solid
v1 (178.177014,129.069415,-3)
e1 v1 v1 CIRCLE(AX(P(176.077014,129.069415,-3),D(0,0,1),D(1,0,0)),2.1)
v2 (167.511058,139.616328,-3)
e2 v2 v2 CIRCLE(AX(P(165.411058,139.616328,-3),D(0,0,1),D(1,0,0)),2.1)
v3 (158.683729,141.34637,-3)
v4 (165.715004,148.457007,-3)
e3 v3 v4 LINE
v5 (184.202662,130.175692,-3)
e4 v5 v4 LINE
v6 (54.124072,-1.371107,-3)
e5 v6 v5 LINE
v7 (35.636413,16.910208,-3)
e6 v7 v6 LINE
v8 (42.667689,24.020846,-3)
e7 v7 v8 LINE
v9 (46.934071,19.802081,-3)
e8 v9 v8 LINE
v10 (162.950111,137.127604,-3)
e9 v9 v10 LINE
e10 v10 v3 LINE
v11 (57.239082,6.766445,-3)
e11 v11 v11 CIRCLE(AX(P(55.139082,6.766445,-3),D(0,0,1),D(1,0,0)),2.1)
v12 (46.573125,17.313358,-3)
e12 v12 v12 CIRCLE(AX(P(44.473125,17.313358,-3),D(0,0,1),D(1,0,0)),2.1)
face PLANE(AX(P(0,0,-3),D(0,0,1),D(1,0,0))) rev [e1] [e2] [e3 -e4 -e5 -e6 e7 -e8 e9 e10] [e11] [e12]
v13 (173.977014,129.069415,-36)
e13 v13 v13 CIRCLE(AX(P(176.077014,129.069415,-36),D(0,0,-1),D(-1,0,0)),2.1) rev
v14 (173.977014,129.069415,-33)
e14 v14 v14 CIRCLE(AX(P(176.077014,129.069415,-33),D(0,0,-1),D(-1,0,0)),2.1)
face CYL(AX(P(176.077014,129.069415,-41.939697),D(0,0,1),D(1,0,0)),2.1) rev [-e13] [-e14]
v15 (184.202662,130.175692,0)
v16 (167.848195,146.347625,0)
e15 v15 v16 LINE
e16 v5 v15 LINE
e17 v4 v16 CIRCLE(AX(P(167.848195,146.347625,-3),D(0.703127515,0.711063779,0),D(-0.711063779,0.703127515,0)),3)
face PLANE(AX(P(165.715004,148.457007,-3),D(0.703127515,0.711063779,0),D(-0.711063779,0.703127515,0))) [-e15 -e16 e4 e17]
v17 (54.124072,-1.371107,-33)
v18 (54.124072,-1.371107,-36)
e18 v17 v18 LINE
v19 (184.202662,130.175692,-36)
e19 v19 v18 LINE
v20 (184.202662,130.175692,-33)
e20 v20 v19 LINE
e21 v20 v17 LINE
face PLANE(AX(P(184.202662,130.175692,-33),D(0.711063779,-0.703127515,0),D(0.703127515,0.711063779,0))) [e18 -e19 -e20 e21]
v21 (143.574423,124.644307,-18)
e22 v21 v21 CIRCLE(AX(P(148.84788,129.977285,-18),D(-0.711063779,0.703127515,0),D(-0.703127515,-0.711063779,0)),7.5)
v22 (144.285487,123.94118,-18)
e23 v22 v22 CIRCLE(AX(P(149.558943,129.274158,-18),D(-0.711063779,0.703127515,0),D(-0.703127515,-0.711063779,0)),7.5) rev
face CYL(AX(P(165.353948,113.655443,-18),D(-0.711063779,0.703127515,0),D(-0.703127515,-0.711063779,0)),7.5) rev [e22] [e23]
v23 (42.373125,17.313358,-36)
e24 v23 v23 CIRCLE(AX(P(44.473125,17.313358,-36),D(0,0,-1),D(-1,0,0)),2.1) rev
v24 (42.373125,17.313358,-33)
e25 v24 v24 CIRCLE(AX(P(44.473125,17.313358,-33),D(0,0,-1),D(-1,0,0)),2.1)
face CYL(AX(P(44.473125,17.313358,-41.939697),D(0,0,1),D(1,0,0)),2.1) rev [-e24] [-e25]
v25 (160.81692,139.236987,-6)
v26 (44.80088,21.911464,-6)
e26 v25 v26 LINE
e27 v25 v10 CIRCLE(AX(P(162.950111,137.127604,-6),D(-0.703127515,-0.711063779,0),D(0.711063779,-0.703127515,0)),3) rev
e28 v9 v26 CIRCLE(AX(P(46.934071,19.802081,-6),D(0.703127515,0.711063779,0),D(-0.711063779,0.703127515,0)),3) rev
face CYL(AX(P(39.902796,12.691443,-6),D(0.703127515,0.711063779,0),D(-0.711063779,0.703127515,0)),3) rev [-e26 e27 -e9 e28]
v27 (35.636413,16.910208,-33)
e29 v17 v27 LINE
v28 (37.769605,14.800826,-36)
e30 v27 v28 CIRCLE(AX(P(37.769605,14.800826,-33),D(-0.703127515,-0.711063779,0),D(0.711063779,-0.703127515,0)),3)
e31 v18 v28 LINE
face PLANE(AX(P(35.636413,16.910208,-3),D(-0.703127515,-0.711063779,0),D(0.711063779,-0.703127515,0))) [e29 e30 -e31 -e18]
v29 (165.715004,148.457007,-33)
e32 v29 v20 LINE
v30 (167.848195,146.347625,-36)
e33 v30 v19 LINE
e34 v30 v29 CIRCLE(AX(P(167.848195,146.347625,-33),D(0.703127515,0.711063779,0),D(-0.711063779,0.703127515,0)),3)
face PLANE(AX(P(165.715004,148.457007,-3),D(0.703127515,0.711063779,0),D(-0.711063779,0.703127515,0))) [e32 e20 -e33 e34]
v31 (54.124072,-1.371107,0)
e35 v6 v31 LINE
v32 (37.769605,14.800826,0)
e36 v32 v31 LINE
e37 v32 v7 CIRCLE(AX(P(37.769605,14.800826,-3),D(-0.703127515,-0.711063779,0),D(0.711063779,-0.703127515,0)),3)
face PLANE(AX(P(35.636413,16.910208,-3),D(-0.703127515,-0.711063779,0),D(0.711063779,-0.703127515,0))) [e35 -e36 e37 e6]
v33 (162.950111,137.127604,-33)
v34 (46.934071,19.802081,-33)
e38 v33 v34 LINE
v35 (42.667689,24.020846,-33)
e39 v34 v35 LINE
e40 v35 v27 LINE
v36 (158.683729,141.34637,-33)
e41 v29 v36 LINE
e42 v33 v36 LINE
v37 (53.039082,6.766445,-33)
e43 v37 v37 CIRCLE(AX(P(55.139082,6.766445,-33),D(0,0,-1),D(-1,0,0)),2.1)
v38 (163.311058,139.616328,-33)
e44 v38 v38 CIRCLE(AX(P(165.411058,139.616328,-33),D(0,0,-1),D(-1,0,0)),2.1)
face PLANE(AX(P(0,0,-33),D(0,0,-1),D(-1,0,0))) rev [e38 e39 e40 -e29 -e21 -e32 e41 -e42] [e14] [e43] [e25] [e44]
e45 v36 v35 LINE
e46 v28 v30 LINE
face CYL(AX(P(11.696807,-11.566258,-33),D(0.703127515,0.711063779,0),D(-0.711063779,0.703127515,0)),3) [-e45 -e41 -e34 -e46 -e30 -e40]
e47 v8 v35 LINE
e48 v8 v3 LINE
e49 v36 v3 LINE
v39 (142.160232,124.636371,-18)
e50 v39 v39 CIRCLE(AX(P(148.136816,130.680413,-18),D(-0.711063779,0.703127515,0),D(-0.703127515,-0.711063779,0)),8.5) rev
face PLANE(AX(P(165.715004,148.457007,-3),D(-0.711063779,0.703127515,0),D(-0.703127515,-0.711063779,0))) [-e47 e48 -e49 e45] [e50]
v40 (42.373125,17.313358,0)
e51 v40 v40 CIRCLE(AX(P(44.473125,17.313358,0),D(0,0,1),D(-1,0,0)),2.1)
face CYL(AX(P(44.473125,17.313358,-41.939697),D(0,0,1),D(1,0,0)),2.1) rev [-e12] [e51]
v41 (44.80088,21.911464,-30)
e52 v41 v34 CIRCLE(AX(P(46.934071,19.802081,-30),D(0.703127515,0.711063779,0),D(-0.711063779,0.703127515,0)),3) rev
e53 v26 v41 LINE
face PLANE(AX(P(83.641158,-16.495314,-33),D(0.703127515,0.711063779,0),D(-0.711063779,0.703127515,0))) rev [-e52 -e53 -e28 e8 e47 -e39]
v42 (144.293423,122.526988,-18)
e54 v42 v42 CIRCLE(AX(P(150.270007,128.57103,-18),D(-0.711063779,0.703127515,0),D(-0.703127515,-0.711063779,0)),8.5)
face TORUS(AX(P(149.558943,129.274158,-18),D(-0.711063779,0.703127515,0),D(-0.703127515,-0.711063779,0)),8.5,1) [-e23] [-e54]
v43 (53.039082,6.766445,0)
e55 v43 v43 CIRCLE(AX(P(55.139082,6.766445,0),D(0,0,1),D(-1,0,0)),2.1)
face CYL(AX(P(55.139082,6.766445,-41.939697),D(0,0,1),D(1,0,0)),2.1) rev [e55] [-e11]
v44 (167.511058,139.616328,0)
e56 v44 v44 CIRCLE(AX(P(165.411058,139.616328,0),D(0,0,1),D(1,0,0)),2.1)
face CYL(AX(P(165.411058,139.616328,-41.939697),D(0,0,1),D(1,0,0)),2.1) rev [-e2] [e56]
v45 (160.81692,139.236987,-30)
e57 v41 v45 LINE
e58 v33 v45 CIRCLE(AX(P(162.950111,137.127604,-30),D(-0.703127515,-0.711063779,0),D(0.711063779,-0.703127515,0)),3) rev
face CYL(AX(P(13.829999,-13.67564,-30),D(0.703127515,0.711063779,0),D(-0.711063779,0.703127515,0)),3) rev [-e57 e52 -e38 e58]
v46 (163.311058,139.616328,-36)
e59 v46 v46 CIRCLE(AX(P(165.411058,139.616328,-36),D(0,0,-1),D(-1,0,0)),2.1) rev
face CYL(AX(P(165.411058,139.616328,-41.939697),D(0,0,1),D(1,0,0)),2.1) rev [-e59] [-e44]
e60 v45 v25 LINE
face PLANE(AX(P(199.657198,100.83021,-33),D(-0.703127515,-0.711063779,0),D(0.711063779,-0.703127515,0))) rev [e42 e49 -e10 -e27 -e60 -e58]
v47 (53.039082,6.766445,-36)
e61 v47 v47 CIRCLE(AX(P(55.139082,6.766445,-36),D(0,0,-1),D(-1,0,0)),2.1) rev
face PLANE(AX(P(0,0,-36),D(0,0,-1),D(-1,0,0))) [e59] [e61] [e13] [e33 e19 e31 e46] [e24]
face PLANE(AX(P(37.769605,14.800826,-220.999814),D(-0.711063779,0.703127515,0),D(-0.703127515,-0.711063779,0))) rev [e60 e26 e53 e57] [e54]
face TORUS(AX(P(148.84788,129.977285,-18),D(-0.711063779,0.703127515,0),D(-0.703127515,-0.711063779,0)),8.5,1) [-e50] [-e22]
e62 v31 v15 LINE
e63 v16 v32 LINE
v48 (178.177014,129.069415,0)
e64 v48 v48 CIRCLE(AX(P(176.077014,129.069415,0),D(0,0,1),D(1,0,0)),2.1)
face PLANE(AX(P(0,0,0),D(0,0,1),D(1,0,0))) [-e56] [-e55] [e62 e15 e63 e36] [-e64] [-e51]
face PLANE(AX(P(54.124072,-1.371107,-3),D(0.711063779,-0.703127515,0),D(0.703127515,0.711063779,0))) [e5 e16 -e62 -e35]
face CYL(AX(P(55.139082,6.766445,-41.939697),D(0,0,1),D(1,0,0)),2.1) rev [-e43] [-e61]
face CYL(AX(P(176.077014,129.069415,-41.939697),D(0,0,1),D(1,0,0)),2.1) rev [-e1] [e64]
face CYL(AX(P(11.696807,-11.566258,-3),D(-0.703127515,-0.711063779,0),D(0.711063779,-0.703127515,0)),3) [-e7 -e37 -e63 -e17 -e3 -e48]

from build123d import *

# Parameters (mm, degrees)
BOSS_EXTRUDE1_DEPTH = 3
BOSS_EXTRUDE2_DEPTH = 3
BOSS_EXTRUDE3_DEPTH = 30
FILLET1_R           = 3
CUT_EXTRUDE1_REACH  = 120.494
SKETCH6_R           = 7.5
CUT_EXTRUDE2_REACH  = 120.494
SKETCH7_W           = 30
SKETCH7_H           = 10
CUT_EXTRUDE3_START  = -36
SKETCH8_R           = 2.1
CUT_EXTRUDE3_DEPTH  = 36
FILLET2_R           = 1


with BuildPart() as part:
    # Sketch2 → Boss-Extrude1 (new body)
    with BuildSketch(Plane.XY):
        Polygon((165.715003736, 148.457007378), (35.636413421, 16.910208322), (54.124071667, -1.371107074), (184.202661981, 130.175691982), align=None)
    extrude(amount=-BOSS_EXTRUDE1_DEPTH)



with BuildPart() as body_2:
    # Sketch4 → Boss-Extrude2 (new body)
    with BuildSketch(Plane(origin=(0, 0, -36), x_dir=(-1, 0, 0), z_dir=(0, 0, -1))):
        Polygon((-165.715003736, 148.457007378), (-184.202661981, 130.175691982), (-54.124071667, -1.371107074), (-35.636413421, 16.910208322), align=None)
    extrude(amount=-BOSS_EXTRUDE2_DEPTH)


with BuildPart() as part_1:
    add(part.part)

    add(body_2.part)  # Boss-Extrude3 merges body 2
    # Sketch5 → Boss-Extrude3 (add)
    with BuildSketch(Plane(origin=(0, 0, -3), x_dir=(-1, 0, 0), z_dir=(0, 0, -1))):
        Polygon((-35.636413421, 16.910208322), (-165.715003736, 148.457007378), (-167.848195072, 146.347624832), (-37.769604757, 14.800825776), align=None)
    extrude(amount=BOSS_EXTRUDE3_DEPTH)

    # Fillet1
    fillet1_edges = [part_1.edges().sort_by_distance(p)[0] for p in [
        (100.675708579, 82.68360785, -36),
        (102.808899915, 80.574225304, -33),
        (102.808899915, 80.574225304, -3),
        (100.675708579, 82.68360785, 0),
    ]]
    fillet(fillet1_edges, radius=FILLET1_R)

    # Sketch6 → Cut-Extrude1 (cut, up to next)
    with BuildSketch(Plane(origin=(9.563615855, -9.456875254, 0), x_dir=(0, 0, 1), z_dir=(-0.711063779, 0.703127515, 0)), mode=Mode.PRIVATE) as cut_extrude1_sk1:
        with Locations((-18, 197.081179448)):
            Circle(SKETCH6_R)
    cut_extrude1_tool1 = extrude(cut_extrude1_sk1.sketch, amount=-CUT_EXTRUDE1_REACH, mode=Mode.PRIVATE) & part_1.part
    add(cut_extrude1_tool1.solids().sort_by_distance((148.136816, 130.680413, -18))[0], mode=Mode.SUBTRACT)

    # Sketch7 → Cut-Extrude2 (cut, up to next)
    with BuildSketch(Plane(origin=(9.563615855, -9.456875254, 0), x_dir=(0, 0, 1), z_dir=(-0.711063779, 0.703127515, 0)), mode=Mode.PRIVATE) as cut_extrude2_sk1:
        with Locations((-18, 217.081179448)):
            Rectangle(SKETCH7_W, SKETCH7_H)
    cut_extrude2_tool1 = extrude(cut_extrude2_sk1.sketch, amount=-CUT_EXTRUDE2_REACH, mode=Mode.PRIVATE) & part_1.part
    add(cut_extrude2_tool1.solids().sort_by_distance((162.199366, 144.901688, -18))[0], mode=Mode.SUBTRACT)
    # Sketch7 → Cut-Extrude2 (cut, up to next)
    with BuildSketch(Plane(origin=(9.563615855, -9.456875254, 0), x_dir=(0, 0, 1), z_dir=(-0.711063779, 0.703127515, 0)), mode=Mode.PRIVATE) as cut_extrude2_sk2:
        with Locations((-18, 42.081179448)):
            Rectangle(SKETCH7_W, SKETCH7_H)
    cut_extrude2_tool2 = extrude(cut_extrude2_sk2.sketch, amount=-CUT_EXTRUDE2_REACH, mode=Mode.PRIVATE) & part_1.part
    add(cut_extrude2_tool2.solids().sort_by_distance((39.152051, 20.465527, -18))[0], mode=Mode.SUBTRACT)

    # Sketch8 → Cut-Extrude3 (cut)
    with BuildSketch(Plane.XY.offset(CUT_EXTRUDE3_START)):
        with Locations((176.077014239, 129.069414997)):
            Circle(SKETCH8_R)
        with Locations((165.411057559, 139.616327725)):
            Circle(SKETCH8_R)
        with Locations((44.473124942, 17.313357792)):
            Circle(SKETCH8_R)
        with Locations((55.139081623, 6.766445064)):
            Circle(SKETCH8_R)
    extrude(amount=CUT_EXTRUDE3_DEPTH, mode=Mode.SUBTRACT)

    # Fillet2
    fillet2_edges = [part_1.edges().sort_by_distance(p)[0] for p in [
        (148.136815855, 130.680412911, -25.5),
        (150.270007192, 128.571030365, -25.5),
    ]]
    fillet(fillet2_edges, radius=FILLET2_R)


solid = part_1.part
